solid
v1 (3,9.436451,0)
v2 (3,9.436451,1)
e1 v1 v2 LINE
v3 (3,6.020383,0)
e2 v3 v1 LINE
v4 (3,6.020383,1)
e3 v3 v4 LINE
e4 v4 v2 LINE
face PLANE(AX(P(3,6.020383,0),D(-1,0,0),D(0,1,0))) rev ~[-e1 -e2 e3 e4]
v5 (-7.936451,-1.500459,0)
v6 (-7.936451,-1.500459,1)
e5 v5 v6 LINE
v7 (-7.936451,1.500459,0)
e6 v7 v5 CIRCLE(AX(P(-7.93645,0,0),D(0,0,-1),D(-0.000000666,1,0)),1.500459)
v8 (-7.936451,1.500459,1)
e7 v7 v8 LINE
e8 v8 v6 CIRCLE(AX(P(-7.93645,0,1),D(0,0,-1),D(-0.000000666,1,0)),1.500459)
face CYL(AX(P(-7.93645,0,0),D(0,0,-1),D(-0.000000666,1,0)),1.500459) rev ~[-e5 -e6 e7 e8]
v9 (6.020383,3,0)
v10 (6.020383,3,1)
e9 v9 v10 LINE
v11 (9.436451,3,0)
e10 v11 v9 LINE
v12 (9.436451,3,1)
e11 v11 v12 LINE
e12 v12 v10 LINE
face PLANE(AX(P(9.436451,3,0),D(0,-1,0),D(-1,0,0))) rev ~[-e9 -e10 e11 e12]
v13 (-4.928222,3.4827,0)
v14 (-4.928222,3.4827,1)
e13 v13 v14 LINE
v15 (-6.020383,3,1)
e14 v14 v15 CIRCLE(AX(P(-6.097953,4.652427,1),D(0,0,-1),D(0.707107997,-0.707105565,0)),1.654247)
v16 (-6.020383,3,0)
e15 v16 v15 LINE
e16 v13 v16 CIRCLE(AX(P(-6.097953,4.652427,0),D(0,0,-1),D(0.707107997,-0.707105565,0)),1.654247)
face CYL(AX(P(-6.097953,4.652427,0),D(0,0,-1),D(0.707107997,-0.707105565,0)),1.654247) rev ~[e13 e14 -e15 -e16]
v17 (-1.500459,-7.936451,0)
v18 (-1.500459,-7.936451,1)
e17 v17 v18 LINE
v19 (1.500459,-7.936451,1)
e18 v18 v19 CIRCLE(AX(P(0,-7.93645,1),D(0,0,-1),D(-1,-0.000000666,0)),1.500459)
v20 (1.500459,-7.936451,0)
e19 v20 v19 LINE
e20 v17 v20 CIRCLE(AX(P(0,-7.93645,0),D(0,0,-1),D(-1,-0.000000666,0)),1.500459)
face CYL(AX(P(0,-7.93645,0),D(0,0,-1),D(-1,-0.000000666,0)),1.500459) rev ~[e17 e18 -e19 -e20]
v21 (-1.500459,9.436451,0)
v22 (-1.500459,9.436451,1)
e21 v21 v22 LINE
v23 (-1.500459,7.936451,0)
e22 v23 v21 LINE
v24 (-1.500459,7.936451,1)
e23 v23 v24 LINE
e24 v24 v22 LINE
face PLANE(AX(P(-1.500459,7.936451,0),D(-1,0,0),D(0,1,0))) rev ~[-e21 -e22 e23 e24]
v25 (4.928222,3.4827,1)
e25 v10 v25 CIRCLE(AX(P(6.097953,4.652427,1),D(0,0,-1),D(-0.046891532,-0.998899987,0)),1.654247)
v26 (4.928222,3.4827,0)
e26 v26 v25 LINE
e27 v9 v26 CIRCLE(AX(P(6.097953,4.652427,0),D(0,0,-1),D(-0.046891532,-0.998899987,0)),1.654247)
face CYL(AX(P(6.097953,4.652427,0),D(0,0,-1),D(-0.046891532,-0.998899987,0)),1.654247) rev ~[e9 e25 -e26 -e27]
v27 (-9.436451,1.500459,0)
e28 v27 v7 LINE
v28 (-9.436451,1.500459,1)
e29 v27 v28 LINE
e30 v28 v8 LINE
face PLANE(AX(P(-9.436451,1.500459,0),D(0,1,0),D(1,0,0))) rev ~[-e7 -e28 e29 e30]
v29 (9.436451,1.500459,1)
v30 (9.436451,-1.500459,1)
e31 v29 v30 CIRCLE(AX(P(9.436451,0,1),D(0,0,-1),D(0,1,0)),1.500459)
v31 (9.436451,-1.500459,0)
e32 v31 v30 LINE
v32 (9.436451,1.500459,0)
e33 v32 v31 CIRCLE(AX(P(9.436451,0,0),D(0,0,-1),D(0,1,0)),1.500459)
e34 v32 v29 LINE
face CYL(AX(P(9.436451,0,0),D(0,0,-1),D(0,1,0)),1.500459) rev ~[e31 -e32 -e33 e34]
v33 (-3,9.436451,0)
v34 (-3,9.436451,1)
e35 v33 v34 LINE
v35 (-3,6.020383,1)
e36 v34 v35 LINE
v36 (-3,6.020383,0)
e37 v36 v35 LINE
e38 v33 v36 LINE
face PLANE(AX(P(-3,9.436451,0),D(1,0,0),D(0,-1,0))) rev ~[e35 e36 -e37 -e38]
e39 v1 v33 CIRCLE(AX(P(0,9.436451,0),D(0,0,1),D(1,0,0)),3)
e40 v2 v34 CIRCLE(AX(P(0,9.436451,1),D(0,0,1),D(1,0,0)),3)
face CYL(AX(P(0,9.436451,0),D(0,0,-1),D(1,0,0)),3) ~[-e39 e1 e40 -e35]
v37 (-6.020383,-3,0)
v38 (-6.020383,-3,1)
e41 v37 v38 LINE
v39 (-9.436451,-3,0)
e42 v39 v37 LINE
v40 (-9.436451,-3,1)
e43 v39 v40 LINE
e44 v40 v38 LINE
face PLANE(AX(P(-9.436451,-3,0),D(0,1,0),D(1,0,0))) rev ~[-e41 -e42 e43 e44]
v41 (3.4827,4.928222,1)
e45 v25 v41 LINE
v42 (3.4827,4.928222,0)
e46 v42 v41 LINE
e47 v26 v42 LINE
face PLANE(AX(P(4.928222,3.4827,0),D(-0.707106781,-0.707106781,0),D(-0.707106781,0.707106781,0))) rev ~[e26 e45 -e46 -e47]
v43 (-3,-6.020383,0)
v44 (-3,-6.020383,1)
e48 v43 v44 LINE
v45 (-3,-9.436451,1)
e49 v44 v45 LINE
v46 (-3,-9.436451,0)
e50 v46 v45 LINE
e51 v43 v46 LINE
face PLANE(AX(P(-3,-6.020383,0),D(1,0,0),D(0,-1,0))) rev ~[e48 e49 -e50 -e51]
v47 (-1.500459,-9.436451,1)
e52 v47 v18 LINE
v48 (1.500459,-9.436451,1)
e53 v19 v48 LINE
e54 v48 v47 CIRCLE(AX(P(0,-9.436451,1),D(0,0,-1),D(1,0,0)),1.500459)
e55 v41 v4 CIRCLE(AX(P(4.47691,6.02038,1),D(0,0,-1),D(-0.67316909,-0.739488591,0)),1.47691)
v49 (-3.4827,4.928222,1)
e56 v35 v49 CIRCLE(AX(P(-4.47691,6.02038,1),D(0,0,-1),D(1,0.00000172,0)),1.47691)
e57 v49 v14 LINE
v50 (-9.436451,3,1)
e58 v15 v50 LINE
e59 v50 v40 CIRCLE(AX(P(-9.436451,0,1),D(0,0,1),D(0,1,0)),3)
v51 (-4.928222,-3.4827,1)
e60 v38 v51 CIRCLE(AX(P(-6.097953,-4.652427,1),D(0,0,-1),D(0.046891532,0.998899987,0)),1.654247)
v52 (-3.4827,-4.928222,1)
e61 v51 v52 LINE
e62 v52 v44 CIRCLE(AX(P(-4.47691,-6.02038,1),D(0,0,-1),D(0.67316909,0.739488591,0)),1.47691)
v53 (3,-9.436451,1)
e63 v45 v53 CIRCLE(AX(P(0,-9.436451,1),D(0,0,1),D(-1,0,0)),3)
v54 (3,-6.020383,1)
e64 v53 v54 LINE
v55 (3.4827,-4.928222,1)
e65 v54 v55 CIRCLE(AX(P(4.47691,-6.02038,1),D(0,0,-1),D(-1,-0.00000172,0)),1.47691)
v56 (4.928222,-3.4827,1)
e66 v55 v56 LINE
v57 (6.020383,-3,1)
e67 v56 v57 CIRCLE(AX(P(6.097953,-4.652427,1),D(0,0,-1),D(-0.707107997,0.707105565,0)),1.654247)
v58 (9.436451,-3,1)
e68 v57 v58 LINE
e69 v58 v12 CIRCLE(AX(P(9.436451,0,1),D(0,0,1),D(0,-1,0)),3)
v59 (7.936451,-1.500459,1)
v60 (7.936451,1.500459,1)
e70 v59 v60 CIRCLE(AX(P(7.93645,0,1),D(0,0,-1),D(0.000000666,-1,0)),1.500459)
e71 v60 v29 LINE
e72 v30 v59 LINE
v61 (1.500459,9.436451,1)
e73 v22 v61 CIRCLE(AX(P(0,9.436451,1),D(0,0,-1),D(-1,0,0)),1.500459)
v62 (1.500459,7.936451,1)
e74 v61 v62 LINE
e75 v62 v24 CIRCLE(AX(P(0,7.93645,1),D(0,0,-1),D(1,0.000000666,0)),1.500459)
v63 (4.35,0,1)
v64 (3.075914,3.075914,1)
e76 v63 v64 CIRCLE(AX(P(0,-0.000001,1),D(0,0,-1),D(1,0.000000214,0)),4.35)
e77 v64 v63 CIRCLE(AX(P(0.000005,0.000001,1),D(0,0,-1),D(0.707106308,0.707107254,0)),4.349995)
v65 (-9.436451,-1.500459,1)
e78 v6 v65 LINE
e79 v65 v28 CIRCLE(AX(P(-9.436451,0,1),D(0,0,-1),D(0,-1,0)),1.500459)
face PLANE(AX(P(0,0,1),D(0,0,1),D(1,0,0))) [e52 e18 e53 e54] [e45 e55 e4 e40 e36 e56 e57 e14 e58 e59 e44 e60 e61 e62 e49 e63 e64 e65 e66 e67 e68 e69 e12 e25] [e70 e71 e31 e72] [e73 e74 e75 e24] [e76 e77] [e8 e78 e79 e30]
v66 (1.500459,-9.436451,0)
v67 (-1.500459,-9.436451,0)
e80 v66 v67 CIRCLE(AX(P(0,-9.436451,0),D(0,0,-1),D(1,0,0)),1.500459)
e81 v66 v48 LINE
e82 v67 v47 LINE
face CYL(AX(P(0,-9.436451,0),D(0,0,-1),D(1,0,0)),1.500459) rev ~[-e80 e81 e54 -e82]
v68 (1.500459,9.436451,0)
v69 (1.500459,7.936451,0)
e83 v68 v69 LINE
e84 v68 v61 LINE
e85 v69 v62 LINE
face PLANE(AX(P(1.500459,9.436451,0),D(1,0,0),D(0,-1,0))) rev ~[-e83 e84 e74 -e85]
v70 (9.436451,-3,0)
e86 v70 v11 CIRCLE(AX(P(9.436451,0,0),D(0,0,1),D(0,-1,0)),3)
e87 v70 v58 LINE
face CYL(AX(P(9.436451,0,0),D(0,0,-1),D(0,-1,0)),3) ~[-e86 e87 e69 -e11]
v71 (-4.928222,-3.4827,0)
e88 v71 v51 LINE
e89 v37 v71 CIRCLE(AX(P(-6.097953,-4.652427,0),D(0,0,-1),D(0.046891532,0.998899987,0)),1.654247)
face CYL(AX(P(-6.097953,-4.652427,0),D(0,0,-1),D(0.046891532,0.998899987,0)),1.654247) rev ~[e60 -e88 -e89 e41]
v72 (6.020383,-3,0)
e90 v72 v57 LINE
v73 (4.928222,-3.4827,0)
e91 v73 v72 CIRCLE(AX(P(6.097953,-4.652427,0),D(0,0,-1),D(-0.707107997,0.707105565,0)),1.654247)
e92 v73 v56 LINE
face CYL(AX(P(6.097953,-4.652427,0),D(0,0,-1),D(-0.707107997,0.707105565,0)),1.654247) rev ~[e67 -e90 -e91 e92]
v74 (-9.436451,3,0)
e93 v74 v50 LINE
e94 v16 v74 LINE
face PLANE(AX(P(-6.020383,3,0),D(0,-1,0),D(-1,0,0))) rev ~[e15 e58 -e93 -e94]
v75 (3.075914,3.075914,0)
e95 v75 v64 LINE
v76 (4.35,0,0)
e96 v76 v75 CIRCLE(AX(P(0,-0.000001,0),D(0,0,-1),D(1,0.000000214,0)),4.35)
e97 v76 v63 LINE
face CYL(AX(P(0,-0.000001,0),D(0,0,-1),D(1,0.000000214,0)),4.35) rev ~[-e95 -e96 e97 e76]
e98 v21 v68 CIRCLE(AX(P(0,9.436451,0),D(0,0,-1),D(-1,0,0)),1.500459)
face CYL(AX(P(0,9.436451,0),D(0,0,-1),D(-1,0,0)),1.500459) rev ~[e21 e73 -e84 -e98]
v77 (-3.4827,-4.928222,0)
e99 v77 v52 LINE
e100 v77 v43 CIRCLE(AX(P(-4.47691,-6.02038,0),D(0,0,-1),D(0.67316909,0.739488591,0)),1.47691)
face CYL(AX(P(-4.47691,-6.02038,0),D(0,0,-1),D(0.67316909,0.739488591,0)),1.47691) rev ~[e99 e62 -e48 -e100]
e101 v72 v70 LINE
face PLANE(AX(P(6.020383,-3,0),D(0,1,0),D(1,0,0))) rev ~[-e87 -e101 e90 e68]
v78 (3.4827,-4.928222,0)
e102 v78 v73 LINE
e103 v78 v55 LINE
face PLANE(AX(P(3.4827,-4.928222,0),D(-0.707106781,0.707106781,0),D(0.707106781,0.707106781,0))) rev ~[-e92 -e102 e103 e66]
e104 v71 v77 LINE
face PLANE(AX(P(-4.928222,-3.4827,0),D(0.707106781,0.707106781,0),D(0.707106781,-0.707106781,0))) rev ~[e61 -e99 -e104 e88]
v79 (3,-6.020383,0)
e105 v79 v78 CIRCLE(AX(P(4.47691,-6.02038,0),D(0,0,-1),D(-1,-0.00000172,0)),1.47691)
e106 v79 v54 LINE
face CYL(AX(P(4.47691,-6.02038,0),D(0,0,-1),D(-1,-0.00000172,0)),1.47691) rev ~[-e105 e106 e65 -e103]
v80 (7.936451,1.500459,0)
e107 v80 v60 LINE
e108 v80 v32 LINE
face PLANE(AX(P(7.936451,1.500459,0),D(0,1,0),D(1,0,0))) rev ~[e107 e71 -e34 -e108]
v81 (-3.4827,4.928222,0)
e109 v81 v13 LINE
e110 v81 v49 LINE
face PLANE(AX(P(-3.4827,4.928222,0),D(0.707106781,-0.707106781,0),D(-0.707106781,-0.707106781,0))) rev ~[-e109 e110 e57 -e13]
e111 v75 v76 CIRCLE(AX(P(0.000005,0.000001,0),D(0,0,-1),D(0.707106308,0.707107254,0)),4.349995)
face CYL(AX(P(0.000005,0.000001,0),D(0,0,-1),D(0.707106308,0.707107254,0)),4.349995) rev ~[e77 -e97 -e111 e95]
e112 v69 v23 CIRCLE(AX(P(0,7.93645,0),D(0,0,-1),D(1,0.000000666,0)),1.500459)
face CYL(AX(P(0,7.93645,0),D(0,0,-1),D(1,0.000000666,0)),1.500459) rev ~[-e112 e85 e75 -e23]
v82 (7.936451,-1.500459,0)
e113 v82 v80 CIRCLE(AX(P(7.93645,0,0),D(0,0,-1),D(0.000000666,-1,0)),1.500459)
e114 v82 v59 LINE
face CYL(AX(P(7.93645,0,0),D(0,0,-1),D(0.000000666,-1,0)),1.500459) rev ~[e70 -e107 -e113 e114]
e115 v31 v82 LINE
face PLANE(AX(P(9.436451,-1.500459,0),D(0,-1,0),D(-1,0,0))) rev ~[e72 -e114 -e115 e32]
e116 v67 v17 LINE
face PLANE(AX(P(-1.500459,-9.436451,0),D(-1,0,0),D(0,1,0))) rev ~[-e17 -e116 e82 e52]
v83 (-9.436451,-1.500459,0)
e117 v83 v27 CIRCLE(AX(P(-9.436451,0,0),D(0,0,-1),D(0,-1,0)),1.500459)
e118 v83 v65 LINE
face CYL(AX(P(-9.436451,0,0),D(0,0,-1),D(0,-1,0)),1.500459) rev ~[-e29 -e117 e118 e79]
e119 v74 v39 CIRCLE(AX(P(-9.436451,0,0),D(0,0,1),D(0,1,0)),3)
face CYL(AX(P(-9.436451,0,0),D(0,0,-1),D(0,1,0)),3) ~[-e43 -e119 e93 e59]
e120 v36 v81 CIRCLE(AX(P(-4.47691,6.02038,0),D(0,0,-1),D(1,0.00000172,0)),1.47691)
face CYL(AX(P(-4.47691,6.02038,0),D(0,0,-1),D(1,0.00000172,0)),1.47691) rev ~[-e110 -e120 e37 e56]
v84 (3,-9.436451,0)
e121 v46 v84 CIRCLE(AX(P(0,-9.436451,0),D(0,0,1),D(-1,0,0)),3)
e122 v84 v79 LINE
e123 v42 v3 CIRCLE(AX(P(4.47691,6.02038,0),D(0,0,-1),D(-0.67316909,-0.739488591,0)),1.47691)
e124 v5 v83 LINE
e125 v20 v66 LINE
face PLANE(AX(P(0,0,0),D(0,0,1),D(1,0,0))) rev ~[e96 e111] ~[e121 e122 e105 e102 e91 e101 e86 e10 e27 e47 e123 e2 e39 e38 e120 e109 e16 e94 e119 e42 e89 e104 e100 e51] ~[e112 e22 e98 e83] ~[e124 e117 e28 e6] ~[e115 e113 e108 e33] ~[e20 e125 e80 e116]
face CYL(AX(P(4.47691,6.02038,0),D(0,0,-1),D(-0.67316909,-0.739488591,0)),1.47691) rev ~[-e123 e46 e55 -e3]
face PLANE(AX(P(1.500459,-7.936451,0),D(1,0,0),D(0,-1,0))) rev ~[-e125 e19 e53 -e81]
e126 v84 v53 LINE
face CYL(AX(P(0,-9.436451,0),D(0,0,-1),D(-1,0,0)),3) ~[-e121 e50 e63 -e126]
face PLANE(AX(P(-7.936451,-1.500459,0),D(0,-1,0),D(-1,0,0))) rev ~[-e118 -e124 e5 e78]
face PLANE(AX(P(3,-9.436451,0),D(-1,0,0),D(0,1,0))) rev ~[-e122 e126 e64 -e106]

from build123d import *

# Parameters (mm, degrees)
F1_DEPTH = 1


with BuildPart() as f1:
    # F0 (on Top) → F1 (new body)
    with BuildSketch(Plane.XY):
        with BuildLine():
            Line((-4.928222, -3.4827), (-3.4827, -4.928222))
            ThreePointArc((-3.4827, -4.928222), (-3.126054, -5.423345), (-3, -6.020383))
            Line((-3, -6.020383), (-3, -9.436451))
            ThreePointArc((-3, -9.436451), (0, -12.436451), (3, -9.436451))
            Line((3, -9.436451), (3, -6.020383))
            ThreePointArc((3, -6.020383), (3.126054, -5.423345), (3.4827, -4.928222))
            Line((3.4827, -4.928222), (4.928222, -3.4827))
            ThreePointArc((4.928222, -3.4827), (5.42923, -3.13937), (6.020383, -3))
            Line((6.020383, -3), (9.436451, -3))
            ThreePointArc((9.436451, -3), (12.436451, 0), (9.436451, 3))
            Line((9.436451, 3), (6.020383, 3))
            ThreePointArc((6.020383, 3), (5.42923, 3.13937), (4.928222, 3.4827))
            Line((4.928222, 3.4827), (3.4827, 4.928222))
            ThreePointArc((3.4827, 4.928222), (3.126054, 5.423345), (3, 6.020383))
            Line((3, 6.020383), (3, 9.436451))
            ThreePointArc((3, 9.436451), (0, 12.436451), (-3, 9.436451))
            Line((-3, 9.436451), (-3, 6.020383))
            ThreePointArc((-3, 6.020383), (-3.126054, 5.423345), (-3.4827, 4.928222))
            Line((-3.4827, 4.928222), (-4.928222, 3.4827))
            ThreePointArc((-4.928222, 3.4827), (-5.42923, 3.13937), (-6.020383, 3))
            Line((-6.020383, 3), (-9.436451, 3))
            ThreePointArc((-9.436451, 3), (-12.436451, 0), (-9.436451, -3))
            Line((-9.436451, -3), (-6.020383, -3))
            ThreePointArc((-6.020383, -3), (-5.42923, -3.13937), (-4.928222, -3.4827))
        make_face()
        with BuildLine():
            ThreePointArc((-1.500459, -7.936451), (0, -6.435991), (1.500459, -7.936451))
            Line((1.500459, -7.936451), (1.500459, -9.436451))
            ThreePointArc((1.500459, -9.436451), (0, -10.93691), (-1.500459, -9.436451))
            Line((-1.500459, -9.436451), (-1.500459, -7.936451))
        make_face(mode=Mode.SUBTRACT)
        with BuildLine():
            Line((-9.436451, 1.500459), (-7.936451, 1.500459))
            ThreePointArc((-7.936451, 1.500459), (-6.435991, 0), (-7.936451, -1.500459))
            Line((-7.936451, -1.500459), (-9.436451, -1.500459))
            ThreePointArc((-9.436451, -1.500459), (-10.93691, 0), (-9.436451, 1.500459))
        make_face(mode=Mode.SUBTRACT)
        with BuildLine():
            ThreePointArc((3.075914, 3.075914), (4.018876, 1.664673), (4.35, 0))
            ThreePointArc((4.35, 0), (-4.018876, -1.664673), (3.075914, 3.075914))
        make_face(mode=Mode.SUBTRACT)
        with BuildLine():
            Line((9.436451, -1.500459), (7.936451, -1.500459))
            ThreePointArc((7.936451, -1.500459), (6.435991, 0), (7.936451, 1.500459))
            Line((7.936451, 1.500459), (9.436451, 1.500459))
            ThreePointArc((9.436451, 1.500459), (10.93691, 0), (9.436451, -1.500459))
        make_face(mode=Mode.SUBTRACT)
        with BuildLine():
            Line((1.500459, 9.436451), (1.500459, 7.936451))
            ThreePointArc((1.500459, 7.936451), (0, 6.435991), (-1.500459, 7.936451))
            Line((-1.500459, 7.936451), (-1.500459, 9.436451))
            ThreePointArc((-1.500459, 9.436451), (0, 10.93691), (1.500459, 9.436451))
        make_face(mode=Mode.SUBTRACT)
    extrude(amount=F1_DEPTH)


solid = f1.part
